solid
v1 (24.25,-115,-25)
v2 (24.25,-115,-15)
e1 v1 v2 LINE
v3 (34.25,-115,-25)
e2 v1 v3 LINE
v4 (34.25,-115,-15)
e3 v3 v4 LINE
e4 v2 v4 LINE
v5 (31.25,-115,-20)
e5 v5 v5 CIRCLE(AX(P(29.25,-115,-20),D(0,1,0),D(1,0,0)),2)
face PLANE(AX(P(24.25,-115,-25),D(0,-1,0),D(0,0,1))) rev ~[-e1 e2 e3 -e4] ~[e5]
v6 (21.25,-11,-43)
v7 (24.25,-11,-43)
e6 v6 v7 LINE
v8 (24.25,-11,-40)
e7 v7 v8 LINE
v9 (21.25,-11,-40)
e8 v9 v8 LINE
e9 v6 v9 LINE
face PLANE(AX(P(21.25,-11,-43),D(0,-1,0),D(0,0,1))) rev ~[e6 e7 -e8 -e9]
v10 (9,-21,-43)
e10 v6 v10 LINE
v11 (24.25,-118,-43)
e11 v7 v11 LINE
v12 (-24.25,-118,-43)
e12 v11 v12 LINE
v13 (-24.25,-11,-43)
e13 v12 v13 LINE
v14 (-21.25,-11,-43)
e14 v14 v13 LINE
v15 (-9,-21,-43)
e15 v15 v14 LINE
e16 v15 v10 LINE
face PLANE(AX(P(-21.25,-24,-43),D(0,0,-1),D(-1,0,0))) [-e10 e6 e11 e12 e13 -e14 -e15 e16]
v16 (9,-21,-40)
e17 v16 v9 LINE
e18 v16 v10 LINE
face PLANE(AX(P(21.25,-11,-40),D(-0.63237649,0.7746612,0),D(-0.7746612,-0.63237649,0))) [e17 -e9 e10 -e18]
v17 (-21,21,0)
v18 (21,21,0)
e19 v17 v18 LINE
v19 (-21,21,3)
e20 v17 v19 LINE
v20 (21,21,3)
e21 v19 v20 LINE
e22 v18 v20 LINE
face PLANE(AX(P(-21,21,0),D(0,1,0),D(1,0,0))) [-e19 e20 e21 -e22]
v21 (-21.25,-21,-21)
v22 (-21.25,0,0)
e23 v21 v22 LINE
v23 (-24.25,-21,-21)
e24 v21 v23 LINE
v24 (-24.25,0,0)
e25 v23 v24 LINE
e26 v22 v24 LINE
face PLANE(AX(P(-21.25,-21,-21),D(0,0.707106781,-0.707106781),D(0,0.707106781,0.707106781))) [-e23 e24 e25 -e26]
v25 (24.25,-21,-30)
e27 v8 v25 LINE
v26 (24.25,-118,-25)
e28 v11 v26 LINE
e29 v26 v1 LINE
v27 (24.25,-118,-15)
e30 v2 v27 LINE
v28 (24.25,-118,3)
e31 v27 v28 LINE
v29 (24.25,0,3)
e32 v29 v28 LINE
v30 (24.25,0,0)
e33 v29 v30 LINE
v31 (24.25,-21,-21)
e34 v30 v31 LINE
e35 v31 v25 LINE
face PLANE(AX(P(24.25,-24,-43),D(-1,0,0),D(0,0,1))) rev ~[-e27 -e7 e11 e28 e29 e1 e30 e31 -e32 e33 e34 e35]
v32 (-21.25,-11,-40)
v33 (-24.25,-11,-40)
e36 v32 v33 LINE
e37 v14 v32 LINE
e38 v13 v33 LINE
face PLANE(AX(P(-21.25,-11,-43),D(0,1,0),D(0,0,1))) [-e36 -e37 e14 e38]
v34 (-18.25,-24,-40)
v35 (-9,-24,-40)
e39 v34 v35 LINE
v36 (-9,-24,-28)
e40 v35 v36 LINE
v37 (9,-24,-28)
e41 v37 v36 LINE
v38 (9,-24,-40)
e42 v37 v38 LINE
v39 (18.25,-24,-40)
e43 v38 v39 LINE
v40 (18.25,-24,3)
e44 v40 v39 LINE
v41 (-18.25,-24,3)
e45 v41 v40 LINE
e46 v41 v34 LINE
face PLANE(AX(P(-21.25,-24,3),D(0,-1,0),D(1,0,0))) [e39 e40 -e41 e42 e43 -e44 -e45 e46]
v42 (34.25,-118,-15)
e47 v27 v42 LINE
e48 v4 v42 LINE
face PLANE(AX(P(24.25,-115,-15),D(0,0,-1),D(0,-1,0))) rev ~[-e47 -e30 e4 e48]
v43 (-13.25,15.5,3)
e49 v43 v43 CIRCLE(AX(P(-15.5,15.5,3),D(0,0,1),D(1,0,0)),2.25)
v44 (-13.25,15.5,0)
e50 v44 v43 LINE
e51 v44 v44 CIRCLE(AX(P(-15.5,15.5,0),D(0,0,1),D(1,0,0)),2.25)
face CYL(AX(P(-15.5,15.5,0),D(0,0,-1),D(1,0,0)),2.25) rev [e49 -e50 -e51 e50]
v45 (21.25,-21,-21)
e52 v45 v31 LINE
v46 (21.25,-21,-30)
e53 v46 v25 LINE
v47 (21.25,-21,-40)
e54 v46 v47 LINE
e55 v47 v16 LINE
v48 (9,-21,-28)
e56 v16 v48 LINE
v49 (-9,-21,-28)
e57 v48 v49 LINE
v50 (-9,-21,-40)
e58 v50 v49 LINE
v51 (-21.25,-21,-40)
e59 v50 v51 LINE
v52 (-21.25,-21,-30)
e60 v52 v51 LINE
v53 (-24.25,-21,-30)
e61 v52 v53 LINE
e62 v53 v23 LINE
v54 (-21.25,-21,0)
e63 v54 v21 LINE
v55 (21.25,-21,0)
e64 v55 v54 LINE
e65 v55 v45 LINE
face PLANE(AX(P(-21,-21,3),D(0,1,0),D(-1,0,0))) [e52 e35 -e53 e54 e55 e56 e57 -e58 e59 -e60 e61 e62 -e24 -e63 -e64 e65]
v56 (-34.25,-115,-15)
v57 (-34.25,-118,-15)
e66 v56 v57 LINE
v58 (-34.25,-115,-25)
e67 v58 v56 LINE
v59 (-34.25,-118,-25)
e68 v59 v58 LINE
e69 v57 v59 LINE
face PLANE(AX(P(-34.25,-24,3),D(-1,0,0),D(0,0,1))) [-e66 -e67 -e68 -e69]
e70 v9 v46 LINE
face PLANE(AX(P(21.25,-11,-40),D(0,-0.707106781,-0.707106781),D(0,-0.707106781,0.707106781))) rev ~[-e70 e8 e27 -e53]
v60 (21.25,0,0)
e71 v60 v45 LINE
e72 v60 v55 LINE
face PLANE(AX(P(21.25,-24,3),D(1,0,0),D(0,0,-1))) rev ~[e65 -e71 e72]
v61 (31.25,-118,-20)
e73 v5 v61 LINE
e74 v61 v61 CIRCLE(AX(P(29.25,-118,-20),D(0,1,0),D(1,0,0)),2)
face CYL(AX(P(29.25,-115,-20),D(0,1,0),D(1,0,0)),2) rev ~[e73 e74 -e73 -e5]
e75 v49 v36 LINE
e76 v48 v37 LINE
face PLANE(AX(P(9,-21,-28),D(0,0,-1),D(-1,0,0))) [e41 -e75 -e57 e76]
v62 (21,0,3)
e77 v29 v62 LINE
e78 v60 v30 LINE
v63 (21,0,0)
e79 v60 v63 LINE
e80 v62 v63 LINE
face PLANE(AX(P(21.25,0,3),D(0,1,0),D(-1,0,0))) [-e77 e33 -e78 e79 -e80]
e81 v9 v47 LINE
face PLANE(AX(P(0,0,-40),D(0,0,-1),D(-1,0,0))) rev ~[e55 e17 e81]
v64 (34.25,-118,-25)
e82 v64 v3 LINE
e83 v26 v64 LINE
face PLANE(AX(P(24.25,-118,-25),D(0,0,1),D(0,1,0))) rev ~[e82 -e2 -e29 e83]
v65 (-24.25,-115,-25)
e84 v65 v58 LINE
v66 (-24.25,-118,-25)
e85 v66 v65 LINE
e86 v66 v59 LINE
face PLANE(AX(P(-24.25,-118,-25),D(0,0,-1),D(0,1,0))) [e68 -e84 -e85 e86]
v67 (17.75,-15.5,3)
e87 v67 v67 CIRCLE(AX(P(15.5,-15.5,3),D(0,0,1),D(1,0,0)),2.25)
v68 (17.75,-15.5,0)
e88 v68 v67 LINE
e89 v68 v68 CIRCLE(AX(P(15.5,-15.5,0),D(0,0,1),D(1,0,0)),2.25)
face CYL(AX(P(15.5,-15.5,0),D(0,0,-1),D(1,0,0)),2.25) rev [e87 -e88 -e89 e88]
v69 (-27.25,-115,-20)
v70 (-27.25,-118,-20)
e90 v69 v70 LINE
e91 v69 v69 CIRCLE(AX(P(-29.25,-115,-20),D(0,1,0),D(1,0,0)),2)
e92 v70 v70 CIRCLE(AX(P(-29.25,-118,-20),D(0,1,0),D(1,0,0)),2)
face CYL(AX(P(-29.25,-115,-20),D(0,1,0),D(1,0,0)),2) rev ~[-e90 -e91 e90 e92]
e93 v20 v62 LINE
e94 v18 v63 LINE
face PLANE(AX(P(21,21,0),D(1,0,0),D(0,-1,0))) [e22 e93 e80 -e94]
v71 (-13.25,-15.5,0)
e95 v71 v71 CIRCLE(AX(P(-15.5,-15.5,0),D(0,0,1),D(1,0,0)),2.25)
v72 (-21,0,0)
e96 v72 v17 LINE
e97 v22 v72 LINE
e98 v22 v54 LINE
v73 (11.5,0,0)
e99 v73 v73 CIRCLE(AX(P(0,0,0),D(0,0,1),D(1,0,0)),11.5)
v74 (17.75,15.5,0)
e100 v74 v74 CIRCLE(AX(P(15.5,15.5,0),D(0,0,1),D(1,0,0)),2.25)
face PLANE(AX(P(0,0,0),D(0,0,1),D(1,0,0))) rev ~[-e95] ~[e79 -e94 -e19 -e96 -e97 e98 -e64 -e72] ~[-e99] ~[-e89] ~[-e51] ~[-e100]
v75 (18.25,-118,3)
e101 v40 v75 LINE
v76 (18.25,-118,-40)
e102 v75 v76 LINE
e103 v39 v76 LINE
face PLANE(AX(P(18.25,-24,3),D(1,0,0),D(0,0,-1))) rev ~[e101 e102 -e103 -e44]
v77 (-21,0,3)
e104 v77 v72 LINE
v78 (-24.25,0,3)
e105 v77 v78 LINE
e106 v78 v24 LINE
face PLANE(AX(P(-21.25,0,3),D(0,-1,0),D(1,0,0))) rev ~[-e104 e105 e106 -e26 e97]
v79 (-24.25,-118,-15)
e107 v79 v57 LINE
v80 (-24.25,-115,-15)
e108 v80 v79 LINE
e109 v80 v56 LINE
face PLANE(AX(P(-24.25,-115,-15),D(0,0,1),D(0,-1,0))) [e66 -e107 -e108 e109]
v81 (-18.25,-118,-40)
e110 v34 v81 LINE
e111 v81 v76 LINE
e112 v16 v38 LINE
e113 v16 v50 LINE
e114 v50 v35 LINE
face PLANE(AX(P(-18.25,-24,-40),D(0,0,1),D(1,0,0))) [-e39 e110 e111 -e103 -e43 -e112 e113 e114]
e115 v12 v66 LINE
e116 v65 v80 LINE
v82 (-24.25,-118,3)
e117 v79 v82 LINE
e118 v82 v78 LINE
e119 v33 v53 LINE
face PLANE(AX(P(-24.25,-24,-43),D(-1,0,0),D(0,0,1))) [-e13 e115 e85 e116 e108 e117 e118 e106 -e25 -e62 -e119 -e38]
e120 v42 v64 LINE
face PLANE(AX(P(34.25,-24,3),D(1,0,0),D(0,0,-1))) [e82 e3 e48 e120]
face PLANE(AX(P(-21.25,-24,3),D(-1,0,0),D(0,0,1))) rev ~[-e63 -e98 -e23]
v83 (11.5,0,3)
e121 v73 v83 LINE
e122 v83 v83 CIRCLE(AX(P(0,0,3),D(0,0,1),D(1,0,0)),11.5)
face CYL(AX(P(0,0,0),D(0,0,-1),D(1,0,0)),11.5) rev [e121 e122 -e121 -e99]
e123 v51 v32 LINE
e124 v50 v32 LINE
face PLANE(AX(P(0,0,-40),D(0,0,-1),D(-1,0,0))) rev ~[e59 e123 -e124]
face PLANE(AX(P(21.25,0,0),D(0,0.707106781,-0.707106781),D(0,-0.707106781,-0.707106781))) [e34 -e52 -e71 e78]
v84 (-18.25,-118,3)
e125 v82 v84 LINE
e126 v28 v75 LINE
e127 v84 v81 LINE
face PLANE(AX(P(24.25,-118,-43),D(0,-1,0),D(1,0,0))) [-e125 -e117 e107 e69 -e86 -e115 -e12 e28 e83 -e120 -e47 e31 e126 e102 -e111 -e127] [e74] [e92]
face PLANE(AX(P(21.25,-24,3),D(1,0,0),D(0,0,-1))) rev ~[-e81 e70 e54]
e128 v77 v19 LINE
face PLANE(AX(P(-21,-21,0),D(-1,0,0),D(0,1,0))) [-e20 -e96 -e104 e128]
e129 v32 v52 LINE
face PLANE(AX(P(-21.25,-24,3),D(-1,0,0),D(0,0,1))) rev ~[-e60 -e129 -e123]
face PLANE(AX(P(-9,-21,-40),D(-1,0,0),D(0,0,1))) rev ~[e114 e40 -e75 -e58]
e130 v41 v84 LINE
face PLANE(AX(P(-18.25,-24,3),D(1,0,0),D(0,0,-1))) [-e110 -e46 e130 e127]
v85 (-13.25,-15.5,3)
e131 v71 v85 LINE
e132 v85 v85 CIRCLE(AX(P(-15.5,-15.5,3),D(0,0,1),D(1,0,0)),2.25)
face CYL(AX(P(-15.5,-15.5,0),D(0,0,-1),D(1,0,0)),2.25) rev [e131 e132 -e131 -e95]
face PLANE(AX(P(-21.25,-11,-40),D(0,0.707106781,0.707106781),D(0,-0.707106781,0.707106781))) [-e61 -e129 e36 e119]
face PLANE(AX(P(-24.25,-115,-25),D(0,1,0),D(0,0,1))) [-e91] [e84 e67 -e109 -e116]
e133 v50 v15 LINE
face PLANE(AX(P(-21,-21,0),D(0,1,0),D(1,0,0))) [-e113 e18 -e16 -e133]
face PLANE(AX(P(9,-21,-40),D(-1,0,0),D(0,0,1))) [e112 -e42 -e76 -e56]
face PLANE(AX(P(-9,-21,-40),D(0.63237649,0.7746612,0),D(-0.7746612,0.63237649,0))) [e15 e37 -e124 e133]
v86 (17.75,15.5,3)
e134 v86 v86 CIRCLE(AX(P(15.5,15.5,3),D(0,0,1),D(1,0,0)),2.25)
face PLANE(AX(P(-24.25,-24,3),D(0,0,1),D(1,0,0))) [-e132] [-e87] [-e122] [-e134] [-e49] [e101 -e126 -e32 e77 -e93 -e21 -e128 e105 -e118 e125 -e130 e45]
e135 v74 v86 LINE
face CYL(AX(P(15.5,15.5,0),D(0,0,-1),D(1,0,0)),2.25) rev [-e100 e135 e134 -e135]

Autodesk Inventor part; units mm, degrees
ref_plane "YZ Plane" through (0, 0, 0) normal (1, 0, 0) x (0, 1, 0)
ref_plane "XZ Plane" through (0, 0, 0) normal (0, 1, 0) x (-1, 0, 0)
ref_plane "XY Plane" through (0, 0, 0) normal (0, 0, 1) x (1, 0, 0)
sketch "Boceto1" plane through (0, 0, 0) normal (0, 0, 1) x (1, 0, 0)
  line L0 (-21, 21) -> (21, 21)
  line L1 (21, 21) -> (21, -21)
  line L2 (21, -21) -> (-21, -21)
  line L3 (-21, -21) -> (-21, 21)
  circle A0 centre (0, 0) radius 11.5
  circle A1 centre (-15.5, 15.5) radius 2.25
  circle A2 centre (-15.5, -15.5) radius 2.25
  circle A3 centre (15.5, -15.5) radius 2.25
  circle A4 centre (15.5, 15.5) radius 2.25
  dimension "d0" = 42
  dimension "d1" = 42
  dimension "d2" = 23
  dimension "d6" = 4.5
  dimension "d7" = 4.5
  dimension "d8" = 4.5
  dimension "d9" = 4.5
extrude "Extrusión1" add sketch "Boceto1" along normal blind 3
sketch "Boceto28" plane through (0, 0, 3) normal (0, 0, 1) x (1, 0, 0)
  line L0 (-21.25, -24) -> (21.25, -24)
  line L1 (21.25, -24) -> (21.25, -21)
  line L2 (-21.25, -21) -> (-21.25, -24)
  line L3 (-21, -21) -> (21, -21) projected
  line L4 (21.25, -21) -> (-21.25, -21)
  point P0 (0, 0)
extrude "Extrusión24" add sketch "Boceto28" against normal blind 43
sketch "Boceto29" plane through (-21.25, -21, -40) normal (0, 1, 0) x (1, 0, 0)
  line L0 (30.25, -12) -> (12.25, -12)
  line L1 (0, 0) -> (42.5, 0) projected
  line L2 (12.25, 0) -> (30.25, 0)
  line L3 (12.25, 0) -> (12.25, -12)
  line L4 (30.25, 0) -> (30.25, -12)
  point P0 (21.25, -40)
extrude "Extrusión25" cut sketch "Boceto29" against normal blind 3
sketch "Boceto33" plane through (21.25, -24, 3) normal (1, 0, 0) x (0, 0, -1)
  line L0 (43, 0) -> (33, 0)
  line L1 (33, 0) -> (33, 3)
  line L2 (43, 0) -> (46, 0)
  line L3 (46, 0) -> (46, 13)
  line L4 (46, 13) -> (43, 13)
  line L5 (43, 13) -> (33, 3)
  line L6 (0, 45) -> (0, 3) projected
  line L7 (0, 0) -> (43, 0) projected
  line L8 (0, 24) -> (0, 0)
  line L9 (0, 0) -> (24, 0)
  line L10 (24, 0) -> (24, 3)
  line L11 (0, 3) -> (43, 3) projected
  line L12 (0, 24) -> (3, 24)
  line L13 (3, 45) -> (3, 3) projected
  line L14 (3, 24) -> (24, 3)
  point P0 (0, 3)
  dimension "d153" = 10
  dimension "d154" = 3
  dimension "d155" = 13
  dimension "d156" = 3
  dimension "d181" = 24
extrude "Extrusión28" add sketch "Boceto33" along normal blind 3 contours L0 L1 L5 L4 L3 L2 | L7 L8 L11 L10 | L11 L13 L14 | L11 L6 L12 L13
sketch "Boceto34" plane through (-21.25, -24, 3) normal (-1, 0, 0) x (0, 0, 1)
  line L0 (-46, 0) -> (-46, 13) projected
  line L1 (-46, 13) -> (-43, 13) projected
  line L2 (-46, 13) -> (-43, 13)
  line L3 (-43, 13) -> (-33, 3)
  line L4 (-43, 0) -> (-46, 0) projected
  line L5 (-46, 13) -> (-46, 0)
  line L6 (-46, 0) -> (-33, 0)
  line L7 (-33, 3) -> (-33, 0)
  line L8 (-24, 0) -> (-24, 3)
  line L9 (-24, 3) -> (-3, 24)
  line L10 (0, 24) -> (-3, 24)
  line L11 (-24, 0) -> (0, 0)
  line L12 (0, 0) -> (0, 24)
extrude "Extrusión29" add sketch "Boceto34" along normal blind 3
sketch "Boceto36" plane through (0, 0, -40) normal (0, 0, -1) x (-1, 0, 0)
  line L0 (9, -21) -> (9, -24) projected
  line L1 (9, -24) -> (21.25, -24)
  line L2 (21.25, -24) -> (21.25, -11)
  line L3 (9, -21) -> (9, -24)
  line L4 (-9, -24) -> (-9, -21) projected
  line L5 (-9, -21) -> (-9, -24)
  line L6 (-21, -21) -> (-21, 21) projected
  line L7 (-21.25, -11) -> (-9, -21)
  line L8 (-21.25, -11) -> (-21.25, -24)
  line L9 (24.25, -24) -> (-24.25, -24) projected
  line L10 (-9, -24) -> (-21.25, -24)
  line L11 (9, -21) -> (21.25, -11)
extrude "Extrusión31" add sketch "Boceto36" along normal blind 3
sketch "Boceto37" plane through (-21, -21, 0) normal (0, 1, 0) x (1, 0, 0)
  line L0 (45.25, 40) -> (45.25, 30) projected
  line L1 (42.25, 21) -> (42.25, 0) projected
  line L2 (45.25, 30) -> (42.25, 30)
  line L3 (42.25, 30) -> (42.25, 21)
  line L4 (42.25, 21) -> (45.25, 21)
  line L5 (45.25, 21) -> (45.25, 30)
  line L6 (30, 40) -> (30, 43) projected
  line L7 (12, 43) -> (12, 28) projected
  line L8 (30, 40) -> (12, 40)
  line L9 (12, 40) -> (12, 43)
  line L10 (12, 43) -> (30, 43)
  line L11 (30, 43) -> (30, 40)
  line L12 (-0.25, 21) -> (-0.25, 30) projected
  line L13 (-3.25, 0) -> (-3.25, 21) projected
  line L14 (-0.25, 30) -> (-3.25, 30)
  line L15 (-3.25, 30) -> (-3.25, 21)
  line L16 (-3.25, 21) -> (-0.25, 21)
  line L17 (-0.25, 21) -> (-0.25, 30)
extrude "Extrusión32" add sketch "Boceto37" against normal blind 3
sketch "Boceto38" plane through (0, 0, 3) normal (0, 0, 1) x (1, 0, 0)
  line L0 (-21.25, 0) -> (-21.25, -21) projected
  line L1 (-21, -21) -> (-21.25, -21) projected
  line L2 (-21.25, 0) -> (-21, 0)
  line L3 (-21, 0) -> (-21, -21)
  line L4 (-21, -21) -> (-21.25, -21)
  line L5 (-21.25, -21) -> (-21.25, 0)
  line L6 (21, -21) -> (21, 21) projected
  line L7 (21.25, 0) -> (21.25, -21) projected
  line L8 (21, -21) -> (21.25, -21)
  line L9 (21.25, -21) -> (21.25, 0)
  line L10 (21.25, 0) -> (21, 0)
  line L11 (21, 0) -> (21, -21)
extrude "Extrusión33" add sketch "Boceto38" against normal blind 3
sketch "Boceto50" plane through (24.25, -24, -43) normal (0, -1, 0) x (1, 0, 0)
  line L0 (-45.5, 0) -> (-48.5, 0) projected
  line L1 (-48.5, 0) -> (-48.5, 46) projected
  line L2 (-48.5, 0) -> (-48.5, 46)
  line L3 (-48.5, 46) -> (-42.5, 46)
  line L4 (-42.5, 46) -> (-42.5, 3)
  line L5 (-48.5, 0) -> (0, 0) projected
  line L6 (-48.5, 0) -> (0, 0)
  line L7 (0, 0) -> (0, 46)
  line L8 (0, 46) -> (-6, 46)
  line L9 (-6, 46) -> (-6, 3)
  line L10 (-42.5, 3) -> (-6, 3)
  dimension "d183" = 6
  dimension "d184" = 6
extrude "Extrusión39" add sketch "Boceto50" along normal blind 94
sketch "Boceto51" plane through (24.25, -24, 3) normal (1, 0, 0) x (0, 0, -1)
  line L0 (18, -94) -> (28, -94)
  line L1 (28, -94) -> (28, -91)
  line L2 (28, -91) -> (18, -91)
  line L3 (18, -91) -> (18, -94)
  point P0 (3, 24)
  dimension "d171" = 10
  dimension "d172" = 3
extrude "Extrusión40" add sketch "Boceto51" along normal blind 10
sketch "Boceto52" plane through (-24.25, -24, 3) normal (-1, 0, 0) x (0, 0, 1)
  line L0 (0, -94) -> (-46, -94) projected
  line L1 (-18, -91) -> (-18, -94) projected
  line L2 (-23, -94) -> (-18, -94)
  line L3 (-18, -94) -> (-18, -91)
  line L4 (-28, -91) -> (-18, -91) projected
  line L5 (-18, -91) -> (-28, -91)
  line L6 (-28, -94) -> (-28, -91) projected
  line L7 (-28, -91) -> (-28, -94)
  line L8 (-28, -94) -> (-23, -94)
  point P0 (-3, 24)
extrude "Extrusión41" add sketch "Boceto52" along normal blind 10
sketch "Boceto56" plane through (-24.25, -115, -15) normal (0, 1, 0) x (1, 0, 0)
  line L0 (48.5, 0) -> (58.5, 0) projected
  line L1 (48.5, 10) -> (58.5, 10) projected
  line L2 (0, 10) -> (-10, 10) projected
  line L3 (0, 0) -> (-10, 0) projected
  line L4 (-10, 0) -> (-10, 10) projected
  circle A0 centre (-5, 5) radius 2
  circle A1 centre (53.5, 5) radius 2
  point P0 (24.25, -15)
  dimension "d185" = 4
  dimension "d186" = 4
extrude "Extrusión43" cut sketch "Boceto56" against normal blind 3
properties part number "Torre Motor Definitiva" material "Plástico ABS"
